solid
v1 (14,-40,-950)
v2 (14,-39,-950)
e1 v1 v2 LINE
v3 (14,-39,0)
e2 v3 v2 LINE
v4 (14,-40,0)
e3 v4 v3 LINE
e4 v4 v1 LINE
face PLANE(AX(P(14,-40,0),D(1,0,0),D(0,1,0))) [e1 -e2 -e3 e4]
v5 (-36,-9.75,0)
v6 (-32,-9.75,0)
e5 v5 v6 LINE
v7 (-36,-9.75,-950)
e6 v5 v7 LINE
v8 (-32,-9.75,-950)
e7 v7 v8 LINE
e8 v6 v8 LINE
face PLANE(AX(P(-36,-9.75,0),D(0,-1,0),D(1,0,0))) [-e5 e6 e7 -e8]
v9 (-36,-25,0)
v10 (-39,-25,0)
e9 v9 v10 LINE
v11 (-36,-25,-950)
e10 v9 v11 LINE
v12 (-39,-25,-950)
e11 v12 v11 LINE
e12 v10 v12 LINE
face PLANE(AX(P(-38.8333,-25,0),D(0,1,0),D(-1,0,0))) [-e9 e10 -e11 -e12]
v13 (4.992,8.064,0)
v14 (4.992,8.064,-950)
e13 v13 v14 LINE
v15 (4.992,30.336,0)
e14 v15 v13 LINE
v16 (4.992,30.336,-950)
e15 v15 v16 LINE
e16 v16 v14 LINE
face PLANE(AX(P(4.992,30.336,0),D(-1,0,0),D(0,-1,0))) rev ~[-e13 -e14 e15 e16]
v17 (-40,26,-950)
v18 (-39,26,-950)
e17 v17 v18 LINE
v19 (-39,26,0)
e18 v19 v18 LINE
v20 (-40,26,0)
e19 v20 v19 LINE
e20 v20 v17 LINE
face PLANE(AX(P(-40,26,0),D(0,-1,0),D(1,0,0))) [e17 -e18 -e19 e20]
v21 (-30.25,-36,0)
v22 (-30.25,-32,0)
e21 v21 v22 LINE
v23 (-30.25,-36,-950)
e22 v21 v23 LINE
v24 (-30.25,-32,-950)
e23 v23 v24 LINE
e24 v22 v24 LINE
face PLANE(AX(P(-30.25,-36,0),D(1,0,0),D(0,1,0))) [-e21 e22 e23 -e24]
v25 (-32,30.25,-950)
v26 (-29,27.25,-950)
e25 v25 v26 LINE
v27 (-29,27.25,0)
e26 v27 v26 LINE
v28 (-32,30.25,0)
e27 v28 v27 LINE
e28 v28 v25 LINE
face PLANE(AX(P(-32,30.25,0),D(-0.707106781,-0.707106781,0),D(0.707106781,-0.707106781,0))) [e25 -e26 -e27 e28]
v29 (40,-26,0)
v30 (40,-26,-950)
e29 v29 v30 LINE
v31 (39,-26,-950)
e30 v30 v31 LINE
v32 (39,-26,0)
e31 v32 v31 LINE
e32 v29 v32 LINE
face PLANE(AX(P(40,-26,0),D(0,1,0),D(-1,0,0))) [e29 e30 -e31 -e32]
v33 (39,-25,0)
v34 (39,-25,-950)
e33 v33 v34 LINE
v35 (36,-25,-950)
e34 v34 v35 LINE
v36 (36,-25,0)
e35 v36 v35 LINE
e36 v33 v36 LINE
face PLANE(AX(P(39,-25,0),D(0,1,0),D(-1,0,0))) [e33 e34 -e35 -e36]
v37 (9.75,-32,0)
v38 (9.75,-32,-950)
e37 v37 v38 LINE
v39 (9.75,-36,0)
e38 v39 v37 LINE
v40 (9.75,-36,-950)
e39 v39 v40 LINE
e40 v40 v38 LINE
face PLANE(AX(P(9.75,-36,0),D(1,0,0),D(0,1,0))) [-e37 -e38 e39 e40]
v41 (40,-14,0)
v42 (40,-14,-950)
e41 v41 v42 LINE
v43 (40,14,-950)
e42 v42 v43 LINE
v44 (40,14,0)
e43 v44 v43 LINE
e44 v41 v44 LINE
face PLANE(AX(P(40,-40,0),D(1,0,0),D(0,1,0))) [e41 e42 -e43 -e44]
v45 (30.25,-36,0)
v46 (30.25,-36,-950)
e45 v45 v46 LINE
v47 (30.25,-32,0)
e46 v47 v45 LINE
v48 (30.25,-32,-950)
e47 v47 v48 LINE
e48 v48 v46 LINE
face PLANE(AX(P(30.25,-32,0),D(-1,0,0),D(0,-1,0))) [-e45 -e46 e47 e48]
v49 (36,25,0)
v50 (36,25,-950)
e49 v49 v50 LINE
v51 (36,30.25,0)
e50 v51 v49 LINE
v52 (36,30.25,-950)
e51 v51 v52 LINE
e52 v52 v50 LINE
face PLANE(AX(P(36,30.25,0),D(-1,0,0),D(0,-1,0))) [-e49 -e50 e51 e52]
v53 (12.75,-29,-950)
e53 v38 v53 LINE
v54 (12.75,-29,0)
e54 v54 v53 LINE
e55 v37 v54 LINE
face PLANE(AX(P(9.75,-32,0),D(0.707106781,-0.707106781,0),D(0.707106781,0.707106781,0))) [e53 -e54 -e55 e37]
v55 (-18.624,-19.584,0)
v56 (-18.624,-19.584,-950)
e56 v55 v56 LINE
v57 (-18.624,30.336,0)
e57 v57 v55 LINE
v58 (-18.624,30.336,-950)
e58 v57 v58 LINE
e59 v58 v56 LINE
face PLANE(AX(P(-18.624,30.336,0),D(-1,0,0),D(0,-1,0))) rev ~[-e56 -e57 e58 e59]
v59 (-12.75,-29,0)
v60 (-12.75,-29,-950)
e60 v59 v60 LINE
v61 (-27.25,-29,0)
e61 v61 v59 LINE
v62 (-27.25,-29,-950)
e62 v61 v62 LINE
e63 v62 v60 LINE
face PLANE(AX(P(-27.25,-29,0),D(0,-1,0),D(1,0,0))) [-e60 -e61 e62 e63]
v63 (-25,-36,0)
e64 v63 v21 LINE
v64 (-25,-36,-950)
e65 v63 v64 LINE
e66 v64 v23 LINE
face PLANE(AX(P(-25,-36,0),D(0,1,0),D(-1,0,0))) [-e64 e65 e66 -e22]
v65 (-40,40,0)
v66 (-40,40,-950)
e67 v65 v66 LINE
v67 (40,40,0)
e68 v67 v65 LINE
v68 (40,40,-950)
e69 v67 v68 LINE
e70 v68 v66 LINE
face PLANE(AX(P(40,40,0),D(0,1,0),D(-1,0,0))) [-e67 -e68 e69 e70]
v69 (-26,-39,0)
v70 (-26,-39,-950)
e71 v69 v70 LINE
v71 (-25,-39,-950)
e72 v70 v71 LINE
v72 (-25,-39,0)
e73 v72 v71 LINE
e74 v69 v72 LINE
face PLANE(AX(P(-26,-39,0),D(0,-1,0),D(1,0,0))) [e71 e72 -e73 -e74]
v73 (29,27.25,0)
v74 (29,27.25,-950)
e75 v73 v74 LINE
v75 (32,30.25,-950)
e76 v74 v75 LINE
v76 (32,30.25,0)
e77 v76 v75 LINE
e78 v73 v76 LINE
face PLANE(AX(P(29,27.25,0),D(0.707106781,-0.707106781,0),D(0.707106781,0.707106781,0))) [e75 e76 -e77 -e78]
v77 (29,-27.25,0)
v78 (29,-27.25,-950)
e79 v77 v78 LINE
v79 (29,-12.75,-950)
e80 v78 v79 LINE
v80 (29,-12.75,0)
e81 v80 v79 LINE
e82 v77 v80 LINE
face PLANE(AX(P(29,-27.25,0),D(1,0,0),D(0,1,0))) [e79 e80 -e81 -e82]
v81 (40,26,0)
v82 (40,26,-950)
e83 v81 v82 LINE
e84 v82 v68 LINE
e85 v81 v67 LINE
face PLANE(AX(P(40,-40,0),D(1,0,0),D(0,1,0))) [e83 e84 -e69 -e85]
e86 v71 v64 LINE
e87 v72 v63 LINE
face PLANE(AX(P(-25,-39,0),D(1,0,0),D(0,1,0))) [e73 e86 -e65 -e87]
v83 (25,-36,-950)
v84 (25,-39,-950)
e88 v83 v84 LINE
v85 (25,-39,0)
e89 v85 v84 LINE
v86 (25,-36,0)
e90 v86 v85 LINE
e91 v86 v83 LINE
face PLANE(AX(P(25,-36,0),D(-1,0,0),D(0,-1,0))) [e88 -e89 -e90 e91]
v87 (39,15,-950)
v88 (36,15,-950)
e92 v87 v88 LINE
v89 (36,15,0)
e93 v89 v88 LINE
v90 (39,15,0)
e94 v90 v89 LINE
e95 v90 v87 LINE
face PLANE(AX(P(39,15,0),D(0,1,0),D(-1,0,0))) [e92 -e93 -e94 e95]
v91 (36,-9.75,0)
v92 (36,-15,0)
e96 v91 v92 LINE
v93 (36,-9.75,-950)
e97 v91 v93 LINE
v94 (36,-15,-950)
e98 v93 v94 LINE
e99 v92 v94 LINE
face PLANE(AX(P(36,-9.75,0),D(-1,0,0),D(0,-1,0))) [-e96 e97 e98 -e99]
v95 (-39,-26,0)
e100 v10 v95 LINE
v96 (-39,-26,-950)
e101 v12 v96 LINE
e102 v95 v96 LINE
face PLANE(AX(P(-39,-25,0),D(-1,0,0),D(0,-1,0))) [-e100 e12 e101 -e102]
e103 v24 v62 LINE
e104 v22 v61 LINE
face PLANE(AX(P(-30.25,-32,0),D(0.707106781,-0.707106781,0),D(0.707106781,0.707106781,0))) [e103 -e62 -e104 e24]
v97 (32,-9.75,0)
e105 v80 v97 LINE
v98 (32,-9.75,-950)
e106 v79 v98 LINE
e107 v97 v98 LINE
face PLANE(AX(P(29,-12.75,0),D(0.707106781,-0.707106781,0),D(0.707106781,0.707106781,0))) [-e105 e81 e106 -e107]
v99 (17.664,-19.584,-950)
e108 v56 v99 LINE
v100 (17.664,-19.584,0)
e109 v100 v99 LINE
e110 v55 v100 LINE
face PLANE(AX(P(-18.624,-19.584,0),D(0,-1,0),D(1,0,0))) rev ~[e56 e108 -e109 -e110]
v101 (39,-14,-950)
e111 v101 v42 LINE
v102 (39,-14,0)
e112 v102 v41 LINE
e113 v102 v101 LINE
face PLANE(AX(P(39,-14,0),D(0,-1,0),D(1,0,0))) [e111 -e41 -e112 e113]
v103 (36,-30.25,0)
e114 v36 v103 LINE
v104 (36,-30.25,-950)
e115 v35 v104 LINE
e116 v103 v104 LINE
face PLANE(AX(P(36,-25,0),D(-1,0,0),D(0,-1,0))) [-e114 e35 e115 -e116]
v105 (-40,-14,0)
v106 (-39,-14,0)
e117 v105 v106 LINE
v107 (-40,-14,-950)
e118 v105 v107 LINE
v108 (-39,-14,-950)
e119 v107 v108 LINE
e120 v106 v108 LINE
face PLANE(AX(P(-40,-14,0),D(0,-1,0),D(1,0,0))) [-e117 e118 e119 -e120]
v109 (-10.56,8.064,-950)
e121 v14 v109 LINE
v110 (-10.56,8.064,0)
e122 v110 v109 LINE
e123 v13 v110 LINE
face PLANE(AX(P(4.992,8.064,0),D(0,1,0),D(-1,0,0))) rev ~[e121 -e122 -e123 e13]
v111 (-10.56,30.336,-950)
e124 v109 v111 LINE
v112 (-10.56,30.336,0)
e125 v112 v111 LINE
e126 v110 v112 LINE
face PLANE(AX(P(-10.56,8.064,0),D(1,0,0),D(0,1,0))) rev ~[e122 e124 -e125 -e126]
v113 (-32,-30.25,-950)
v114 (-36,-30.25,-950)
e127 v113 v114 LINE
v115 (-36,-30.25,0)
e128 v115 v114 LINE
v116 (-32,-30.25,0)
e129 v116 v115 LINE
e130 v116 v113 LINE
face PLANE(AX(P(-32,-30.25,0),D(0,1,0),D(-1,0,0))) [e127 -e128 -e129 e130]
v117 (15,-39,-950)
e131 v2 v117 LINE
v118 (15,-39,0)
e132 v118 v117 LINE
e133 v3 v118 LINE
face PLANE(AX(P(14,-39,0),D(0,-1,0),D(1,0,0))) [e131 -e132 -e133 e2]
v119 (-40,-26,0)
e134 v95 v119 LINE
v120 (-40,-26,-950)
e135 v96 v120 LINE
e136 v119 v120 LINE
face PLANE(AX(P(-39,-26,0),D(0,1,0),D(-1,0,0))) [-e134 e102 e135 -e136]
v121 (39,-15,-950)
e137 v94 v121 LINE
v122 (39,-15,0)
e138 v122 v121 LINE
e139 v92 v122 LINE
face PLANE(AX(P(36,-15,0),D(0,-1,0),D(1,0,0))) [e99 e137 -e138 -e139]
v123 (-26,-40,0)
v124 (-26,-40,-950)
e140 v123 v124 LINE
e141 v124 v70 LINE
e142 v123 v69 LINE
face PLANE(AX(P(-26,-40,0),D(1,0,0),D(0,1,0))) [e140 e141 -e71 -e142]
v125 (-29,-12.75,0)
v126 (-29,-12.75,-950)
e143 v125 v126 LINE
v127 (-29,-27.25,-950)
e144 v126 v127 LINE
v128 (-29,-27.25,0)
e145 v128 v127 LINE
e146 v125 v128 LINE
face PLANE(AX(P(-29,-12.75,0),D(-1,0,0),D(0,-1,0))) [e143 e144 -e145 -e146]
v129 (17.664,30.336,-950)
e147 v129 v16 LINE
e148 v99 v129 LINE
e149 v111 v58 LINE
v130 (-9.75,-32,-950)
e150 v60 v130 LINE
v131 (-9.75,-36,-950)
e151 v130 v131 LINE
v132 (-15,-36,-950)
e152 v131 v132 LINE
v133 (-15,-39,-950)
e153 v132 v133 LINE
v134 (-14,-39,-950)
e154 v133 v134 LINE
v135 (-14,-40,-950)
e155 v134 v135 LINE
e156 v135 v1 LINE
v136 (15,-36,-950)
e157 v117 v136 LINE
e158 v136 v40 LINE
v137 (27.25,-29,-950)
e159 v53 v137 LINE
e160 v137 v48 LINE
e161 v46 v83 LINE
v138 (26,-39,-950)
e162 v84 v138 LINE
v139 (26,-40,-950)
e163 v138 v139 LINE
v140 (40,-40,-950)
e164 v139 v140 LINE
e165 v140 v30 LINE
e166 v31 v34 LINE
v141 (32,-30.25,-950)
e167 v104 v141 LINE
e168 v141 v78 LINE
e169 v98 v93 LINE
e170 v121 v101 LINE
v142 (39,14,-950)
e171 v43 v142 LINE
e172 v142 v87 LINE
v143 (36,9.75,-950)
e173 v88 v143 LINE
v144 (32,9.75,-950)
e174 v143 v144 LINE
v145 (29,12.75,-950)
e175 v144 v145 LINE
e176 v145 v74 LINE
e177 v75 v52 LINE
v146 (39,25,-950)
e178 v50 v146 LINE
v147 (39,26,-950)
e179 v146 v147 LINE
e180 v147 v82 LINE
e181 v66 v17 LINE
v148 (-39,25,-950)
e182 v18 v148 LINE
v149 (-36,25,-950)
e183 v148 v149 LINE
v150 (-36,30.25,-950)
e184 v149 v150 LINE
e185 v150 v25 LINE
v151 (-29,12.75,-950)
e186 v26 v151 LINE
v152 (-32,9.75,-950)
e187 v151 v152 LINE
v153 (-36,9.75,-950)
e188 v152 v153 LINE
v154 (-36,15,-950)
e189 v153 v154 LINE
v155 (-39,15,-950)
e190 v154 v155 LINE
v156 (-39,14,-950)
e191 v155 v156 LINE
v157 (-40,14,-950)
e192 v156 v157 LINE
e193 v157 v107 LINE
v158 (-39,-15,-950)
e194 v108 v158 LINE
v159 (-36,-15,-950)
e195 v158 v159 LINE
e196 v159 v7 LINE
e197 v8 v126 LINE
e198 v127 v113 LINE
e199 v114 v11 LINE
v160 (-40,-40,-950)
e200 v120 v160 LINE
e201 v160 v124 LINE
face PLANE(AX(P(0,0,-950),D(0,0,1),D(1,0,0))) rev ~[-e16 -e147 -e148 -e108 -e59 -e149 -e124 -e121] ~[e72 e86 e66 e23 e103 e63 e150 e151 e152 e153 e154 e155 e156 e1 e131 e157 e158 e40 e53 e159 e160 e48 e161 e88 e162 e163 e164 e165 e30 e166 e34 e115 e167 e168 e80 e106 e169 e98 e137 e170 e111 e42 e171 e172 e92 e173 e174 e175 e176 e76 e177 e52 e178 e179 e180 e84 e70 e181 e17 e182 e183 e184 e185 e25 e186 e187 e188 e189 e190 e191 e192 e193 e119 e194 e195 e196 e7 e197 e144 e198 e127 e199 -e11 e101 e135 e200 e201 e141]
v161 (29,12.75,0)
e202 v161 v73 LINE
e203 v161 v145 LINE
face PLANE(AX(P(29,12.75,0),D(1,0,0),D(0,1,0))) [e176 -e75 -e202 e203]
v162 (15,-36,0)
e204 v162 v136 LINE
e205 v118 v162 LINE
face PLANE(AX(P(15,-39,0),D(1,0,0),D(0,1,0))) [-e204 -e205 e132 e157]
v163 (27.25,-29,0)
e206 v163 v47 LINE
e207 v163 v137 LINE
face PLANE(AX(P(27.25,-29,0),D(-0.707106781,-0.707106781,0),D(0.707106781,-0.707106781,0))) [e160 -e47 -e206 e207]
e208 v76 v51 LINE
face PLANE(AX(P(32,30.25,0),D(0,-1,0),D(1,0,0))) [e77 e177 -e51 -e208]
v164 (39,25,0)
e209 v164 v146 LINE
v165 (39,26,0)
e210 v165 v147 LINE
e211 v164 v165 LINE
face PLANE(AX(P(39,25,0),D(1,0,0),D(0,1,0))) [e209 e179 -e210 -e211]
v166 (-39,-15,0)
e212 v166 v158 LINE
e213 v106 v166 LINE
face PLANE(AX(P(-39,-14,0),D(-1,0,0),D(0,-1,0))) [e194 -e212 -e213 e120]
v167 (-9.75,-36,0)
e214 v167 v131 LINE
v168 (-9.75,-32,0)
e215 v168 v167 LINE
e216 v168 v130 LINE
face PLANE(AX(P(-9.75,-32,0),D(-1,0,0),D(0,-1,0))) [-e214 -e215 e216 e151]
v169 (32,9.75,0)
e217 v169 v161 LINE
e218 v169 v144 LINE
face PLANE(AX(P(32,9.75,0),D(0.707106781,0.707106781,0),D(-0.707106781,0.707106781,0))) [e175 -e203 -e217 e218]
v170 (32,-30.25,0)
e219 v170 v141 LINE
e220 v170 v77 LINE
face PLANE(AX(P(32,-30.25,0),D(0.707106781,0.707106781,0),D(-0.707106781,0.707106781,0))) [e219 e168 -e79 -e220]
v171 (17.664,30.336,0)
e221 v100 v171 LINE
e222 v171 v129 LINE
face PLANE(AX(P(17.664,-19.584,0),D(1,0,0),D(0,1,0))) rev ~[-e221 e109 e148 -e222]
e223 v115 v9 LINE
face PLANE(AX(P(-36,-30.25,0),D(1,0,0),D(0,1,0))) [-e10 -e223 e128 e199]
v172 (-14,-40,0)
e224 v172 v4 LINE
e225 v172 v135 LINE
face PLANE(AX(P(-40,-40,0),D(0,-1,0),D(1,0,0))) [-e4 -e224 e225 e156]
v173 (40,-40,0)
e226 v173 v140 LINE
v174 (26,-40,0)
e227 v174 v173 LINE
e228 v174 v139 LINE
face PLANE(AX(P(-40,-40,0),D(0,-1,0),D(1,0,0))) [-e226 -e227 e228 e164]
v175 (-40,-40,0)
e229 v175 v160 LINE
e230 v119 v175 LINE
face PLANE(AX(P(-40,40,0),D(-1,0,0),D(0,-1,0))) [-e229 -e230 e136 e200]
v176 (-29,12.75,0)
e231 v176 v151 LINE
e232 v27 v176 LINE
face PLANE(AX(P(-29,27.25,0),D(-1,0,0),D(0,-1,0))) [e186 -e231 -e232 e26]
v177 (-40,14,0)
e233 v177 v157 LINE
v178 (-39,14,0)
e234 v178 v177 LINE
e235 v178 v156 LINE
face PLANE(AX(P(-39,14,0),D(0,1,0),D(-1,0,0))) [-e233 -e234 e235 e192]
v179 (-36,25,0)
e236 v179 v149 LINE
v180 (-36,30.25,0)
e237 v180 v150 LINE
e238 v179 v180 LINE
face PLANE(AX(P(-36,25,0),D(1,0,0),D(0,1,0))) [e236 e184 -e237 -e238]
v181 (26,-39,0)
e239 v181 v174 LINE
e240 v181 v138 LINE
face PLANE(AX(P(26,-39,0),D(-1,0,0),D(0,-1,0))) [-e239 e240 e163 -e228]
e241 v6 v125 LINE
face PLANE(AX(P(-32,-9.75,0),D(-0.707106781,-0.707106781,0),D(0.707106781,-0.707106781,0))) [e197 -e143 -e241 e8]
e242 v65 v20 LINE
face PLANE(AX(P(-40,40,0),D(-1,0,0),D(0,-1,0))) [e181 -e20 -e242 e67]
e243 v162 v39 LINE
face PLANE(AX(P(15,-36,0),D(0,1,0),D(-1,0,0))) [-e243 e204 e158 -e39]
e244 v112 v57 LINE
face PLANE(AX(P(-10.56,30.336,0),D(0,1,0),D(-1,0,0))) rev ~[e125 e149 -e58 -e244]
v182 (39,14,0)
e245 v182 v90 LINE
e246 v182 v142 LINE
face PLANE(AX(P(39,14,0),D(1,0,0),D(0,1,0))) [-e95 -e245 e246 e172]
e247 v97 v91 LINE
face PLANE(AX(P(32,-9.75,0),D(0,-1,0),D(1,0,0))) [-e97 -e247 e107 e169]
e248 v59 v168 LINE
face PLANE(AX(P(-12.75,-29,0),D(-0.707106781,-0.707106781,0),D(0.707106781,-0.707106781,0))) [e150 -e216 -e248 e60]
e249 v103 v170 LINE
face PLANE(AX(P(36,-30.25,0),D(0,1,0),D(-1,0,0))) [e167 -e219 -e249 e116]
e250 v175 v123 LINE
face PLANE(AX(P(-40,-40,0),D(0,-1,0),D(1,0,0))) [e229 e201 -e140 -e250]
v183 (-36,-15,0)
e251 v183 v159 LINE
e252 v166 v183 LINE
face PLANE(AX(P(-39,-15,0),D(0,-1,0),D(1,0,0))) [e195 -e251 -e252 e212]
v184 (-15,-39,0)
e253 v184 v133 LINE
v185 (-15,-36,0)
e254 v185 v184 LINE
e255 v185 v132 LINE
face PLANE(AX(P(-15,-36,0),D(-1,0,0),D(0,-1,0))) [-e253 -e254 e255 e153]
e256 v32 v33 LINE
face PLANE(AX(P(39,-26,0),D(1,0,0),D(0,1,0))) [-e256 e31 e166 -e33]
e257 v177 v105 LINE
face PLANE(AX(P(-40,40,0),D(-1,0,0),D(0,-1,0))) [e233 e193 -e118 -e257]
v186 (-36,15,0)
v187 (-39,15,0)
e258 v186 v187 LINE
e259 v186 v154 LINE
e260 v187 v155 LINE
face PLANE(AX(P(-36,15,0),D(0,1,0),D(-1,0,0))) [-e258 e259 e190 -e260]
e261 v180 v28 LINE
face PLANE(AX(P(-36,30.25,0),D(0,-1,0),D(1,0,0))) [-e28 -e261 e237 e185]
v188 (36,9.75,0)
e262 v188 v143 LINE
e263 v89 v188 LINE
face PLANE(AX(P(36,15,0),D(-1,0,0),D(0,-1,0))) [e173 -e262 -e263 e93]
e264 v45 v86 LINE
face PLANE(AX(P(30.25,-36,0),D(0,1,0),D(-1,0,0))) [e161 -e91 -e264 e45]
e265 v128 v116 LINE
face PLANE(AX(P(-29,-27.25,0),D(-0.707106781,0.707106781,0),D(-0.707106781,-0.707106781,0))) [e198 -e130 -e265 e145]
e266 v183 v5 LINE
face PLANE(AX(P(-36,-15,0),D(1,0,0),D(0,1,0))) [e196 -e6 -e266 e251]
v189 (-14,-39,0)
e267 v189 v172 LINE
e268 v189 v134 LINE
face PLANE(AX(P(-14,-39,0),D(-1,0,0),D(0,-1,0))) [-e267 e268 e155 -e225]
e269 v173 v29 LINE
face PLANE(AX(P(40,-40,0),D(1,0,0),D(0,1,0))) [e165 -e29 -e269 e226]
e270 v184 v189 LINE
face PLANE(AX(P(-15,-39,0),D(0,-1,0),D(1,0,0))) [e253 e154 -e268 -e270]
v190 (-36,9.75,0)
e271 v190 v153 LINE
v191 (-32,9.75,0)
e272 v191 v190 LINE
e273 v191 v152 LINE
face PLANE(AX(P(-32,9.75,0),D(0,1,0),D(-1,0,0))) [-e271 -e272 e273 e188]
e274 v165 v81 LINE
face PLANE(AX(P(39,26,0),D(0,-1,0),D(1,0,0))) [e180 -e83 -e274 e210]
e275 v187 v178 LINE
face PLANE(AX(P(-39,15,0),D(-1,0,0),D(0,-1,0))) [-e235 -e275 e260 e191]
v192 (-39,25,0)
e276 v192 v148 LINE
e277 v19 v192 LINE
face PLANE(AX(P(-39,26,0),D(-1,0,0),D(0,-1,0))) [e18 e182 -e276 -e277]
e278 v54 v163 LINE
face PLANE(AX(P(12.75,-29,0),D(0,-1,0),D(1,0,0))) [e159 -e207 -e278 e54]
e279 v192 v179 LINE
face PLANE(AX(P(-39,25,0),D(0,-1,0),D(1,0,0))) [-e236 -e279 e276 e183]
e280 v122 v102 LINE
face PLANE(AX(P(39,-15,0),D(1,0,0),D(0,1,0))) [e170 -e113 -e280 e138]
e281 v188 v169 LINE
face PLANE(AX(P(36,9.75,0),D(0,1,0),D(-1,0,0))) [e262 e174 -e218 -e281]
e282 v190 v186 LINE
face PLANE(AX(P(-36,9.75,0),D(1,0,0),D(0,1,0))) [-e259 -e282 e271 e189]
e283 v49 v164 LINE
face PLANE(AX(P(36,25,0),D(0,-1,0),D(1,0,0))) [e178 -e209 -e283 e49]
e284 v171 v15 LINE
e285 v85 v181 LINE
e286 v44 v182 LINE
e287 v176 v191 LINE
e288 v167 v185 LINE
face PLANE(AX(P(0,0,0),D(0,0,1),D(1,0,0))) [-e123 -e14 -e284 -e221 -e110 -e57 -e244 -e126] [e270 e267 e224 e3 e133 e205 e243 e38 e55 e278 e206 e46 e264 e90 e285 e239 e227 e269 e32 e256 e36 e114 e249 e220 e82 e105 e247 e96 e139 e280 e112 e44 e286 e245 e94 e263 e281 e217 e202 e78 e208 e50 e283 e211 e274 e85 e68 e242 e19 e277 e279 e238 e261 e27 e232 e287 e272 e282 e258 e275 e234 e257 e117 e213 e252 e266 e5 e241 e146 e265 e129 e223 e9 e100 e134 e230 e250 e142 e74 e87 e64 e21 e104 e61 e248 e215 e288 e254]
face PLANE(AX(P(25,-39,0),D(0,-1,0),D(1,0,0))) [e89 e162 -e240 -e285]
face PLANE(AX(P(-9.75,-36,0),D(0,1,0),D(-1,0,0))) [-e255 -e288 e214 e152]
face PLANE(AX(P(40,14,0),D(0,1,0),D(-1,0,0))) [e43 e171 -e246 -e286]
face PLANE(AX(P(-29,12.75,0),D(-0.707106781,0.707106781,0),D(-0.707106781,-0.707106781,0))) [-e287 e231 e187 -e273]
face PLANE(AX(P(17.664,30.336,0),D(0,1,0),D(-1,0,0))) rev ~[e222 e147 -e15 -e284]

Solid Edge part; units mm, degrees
sketch "Sketch1" plane through (0, 0, 0) normal (0, 0, 1) x (1, 0, 0)
  line L0 (-40, 40) -> (-40, -40)
  line L1 (-40, -40) -> (40, -40)
  line L2 (40, -40) -> (40, 40)
  line L3 (40, 40) -> (-40, 40)
  dimension "D1" = 80
  dimension "D2" = 80
extrude "Protrusion1" add sketch "Sketch1" against normal blind 950
sketch "Sketch2" plane through (0, 0, 0) normal (0, 0, 1) x (0, 1, 0)
  line L0 (-26, 40) -> (-14, 40)
  line L1 (-14, 40) -> (-14, 39)
  line L2 (-14, 39) -> (-15, 39)
  line L3 (-15, 39) -> (-15, 36)
  line L4 (-15, 36) -> (-9.75, 36)
  line L5 (-9.75, 36) -> (-9.75, 32)
  line L6 (-9.75, 32) -> (-12.75, 29)
  line L7 (-12.75, 29) -> (-27.25, 29)
  line L8 (-27.25, 29) -> (-30.25, 32)
  line L9 (-30.25, 32) -> (-30.25, 36)
  line L10 (-30.25, 36) -> (-25, 36)
  line L11 (-25, 36) -> (-25, 38.8333)
  line L12 (-25, 38.8333) -> (-25, 39)
  line L13 (-25, 39) -> (-26, 39)
  line L14 (-26, 39) -> (-26, 40)
  line L15 (15, 36) -> (15, 39)
  line L16 (15, 39) -> (14, 39)
  line L17 (14, 39) -> (14, 40)
  line L18 (14, 40) -> (26, 40)
  line L19 (26, 40) -> (26, 39)
  line L20 (26, 39) -> (25, 39)
  line L21 (25, 39) -> (25, 36)
  line L22 (25, 36) -> (30.25, 36)
  line L23 (30.25, 36) -> (30.25, 32)
  line L24 (30.25, 32) -> (27.25, 29)
  line L25 (27.25, 29) -> (12.75, 29)
  line L26 (12.75, 29) -> (9.75, 32)
  line L27 (9.75, 32) -> (9.75, 36)
  line L28 (9.75, 36) -> (15, 36)
  line L29 (-40, -14) -> (-39, -14)
  line L30 (-39, -14) -> (-39, -15)
  line L31 (-39, -15) -> (-36, -15)
  line L32 (-36, -15) -> (-36, -9.75)
  line L33 (-36, -9.75) -> (-32, -9.75)
  line L34 (-32, -9.75) -> (-29, -12.75)
  line L35 (-29, -12.75) -> (-29, -27.25)
  line L36 (-29, -27.25) -> (-32, -30.25)
  line L37 (-32, -30.25) -> (-36, -30.25)
  line L38 (-36, -30.25) -> (-36, -25)
  line L39 (-36, -25) -> (-39, -25)
  line L40 (-39, -25) -> (-39, -26)
  line L41 (-39, -26) -> (-40, -26)
  line L42 (-40, -14) -> (-40, -26)
  line L43 (-26, -40) -> (-26, -39)
  line L44 (-26, -39) -> (-25, -39)
  line L45 (-25, -39) -> (-25, -36)
  line L46 (-25, -36) -> (-30.25, -36)
  line L47 (-30.25, -36) -> (-30.25, -32)
  line L48 (-30.25, -32) -> (-27.25, -29)
  line L49 (-27.25, -29) -> (-12.75, -29)
  line L50 (-12.75, -29) -> (-9.75, -32)
  line L51 (-9.75, -32) -> (-9.75, -36)
  line L52 (-9.75, -36) -> (-15, -36)
  line L53 (-15, -36) -> (-15, -39)
  line L54 (-15, -39) -> (-14, -39)
  line L55 (-14, -39) -> (-14, -40)
  line L56 (-26, -40) -> (-14, -40)
  line L57 (14, -40) -> (14, -39)
  line L58 (14, -39) -> (15, -39)
  line L59 (15, -39) -> (15, -36)
  line L60 (15, -36) -> (9.75, -36)
  line L61 (9.75, -36) -> (9.75, -32)
  line L62 (9.75, -32) -> (12.75, -29)
  line L63 (12.75, -29) -> (27.25, -29)
  line L64 (27.25, -29) -> (30.25, -32)
  line L65 (30.25, -32) -> (30.25, -36)
  line L66 (30.25, -36) -> (25, -36)
  line L67 (25, -36) -> (25, -39)
  line L68 (25, -39) -> (26, -39)
  line L69 (26, -39) -> (26, -40)
  line L70 (26, -40) -> (14, -40)
  line L71 (-36, 25) -> (-36, 30.25)
  line L72 (-36, 30.25) -> (-32, 30.25)
  line L73 (-32, 30.25) -> (-29, 27.25)
  line L74 (-29, 27.25) -> (-29, 12.75)
  line L75 (-29, 12.75) -> (-32, 9.75)
  line L76 (-32, 9.75) -> (-36, 9.75)
  line L77 (-36, 9.75) -> (-36, 15)
  line L78 (-36, 15) -> (-39, 15)
  line L79 (-39, 15) -> (-39, 14)
  line L80 (-39, 14) -> (-40, 14)
  line L81 (-40, 14) -> (-40, 26)
  line L82 (-40, 26) -> (-39, 26)
  line L83 (-39, 26) -> (-39, 25)
  line L84 (-39, 25) -> (-36, 25)
extrude "Cutout1" cut sketch "Sketch2" against normal through all
sketch "Sketch3" plane through (0, 0, 0) normal (0, 0, 1) x (0, 1, 0)
  line L0 (30.336, 18.624) -> (-19.584, 18.624)
  line L1 (-19.584, 18.624) -> (-19.584, -17.664)
  line L2 (-19.584, -17.664) -> (30.336, -17.664)
  line L3 (30.336, -17.664) -> (30.336, -4.992)
  line L4 (30.336, -4.992) -> (8.064, -4.992)
  line L5 (8.064, -4.992) -> (8.064, 10.56)
  line L6 (8.064, 10.56) -> (30.336, 10.56)
  line L7 (30.336, 10.56) -> (30.336, 18.624)
extrude "Cutout2" cut sketch "Sketch3" against normal through all
properties material "Aluminum, 6061-T6"
